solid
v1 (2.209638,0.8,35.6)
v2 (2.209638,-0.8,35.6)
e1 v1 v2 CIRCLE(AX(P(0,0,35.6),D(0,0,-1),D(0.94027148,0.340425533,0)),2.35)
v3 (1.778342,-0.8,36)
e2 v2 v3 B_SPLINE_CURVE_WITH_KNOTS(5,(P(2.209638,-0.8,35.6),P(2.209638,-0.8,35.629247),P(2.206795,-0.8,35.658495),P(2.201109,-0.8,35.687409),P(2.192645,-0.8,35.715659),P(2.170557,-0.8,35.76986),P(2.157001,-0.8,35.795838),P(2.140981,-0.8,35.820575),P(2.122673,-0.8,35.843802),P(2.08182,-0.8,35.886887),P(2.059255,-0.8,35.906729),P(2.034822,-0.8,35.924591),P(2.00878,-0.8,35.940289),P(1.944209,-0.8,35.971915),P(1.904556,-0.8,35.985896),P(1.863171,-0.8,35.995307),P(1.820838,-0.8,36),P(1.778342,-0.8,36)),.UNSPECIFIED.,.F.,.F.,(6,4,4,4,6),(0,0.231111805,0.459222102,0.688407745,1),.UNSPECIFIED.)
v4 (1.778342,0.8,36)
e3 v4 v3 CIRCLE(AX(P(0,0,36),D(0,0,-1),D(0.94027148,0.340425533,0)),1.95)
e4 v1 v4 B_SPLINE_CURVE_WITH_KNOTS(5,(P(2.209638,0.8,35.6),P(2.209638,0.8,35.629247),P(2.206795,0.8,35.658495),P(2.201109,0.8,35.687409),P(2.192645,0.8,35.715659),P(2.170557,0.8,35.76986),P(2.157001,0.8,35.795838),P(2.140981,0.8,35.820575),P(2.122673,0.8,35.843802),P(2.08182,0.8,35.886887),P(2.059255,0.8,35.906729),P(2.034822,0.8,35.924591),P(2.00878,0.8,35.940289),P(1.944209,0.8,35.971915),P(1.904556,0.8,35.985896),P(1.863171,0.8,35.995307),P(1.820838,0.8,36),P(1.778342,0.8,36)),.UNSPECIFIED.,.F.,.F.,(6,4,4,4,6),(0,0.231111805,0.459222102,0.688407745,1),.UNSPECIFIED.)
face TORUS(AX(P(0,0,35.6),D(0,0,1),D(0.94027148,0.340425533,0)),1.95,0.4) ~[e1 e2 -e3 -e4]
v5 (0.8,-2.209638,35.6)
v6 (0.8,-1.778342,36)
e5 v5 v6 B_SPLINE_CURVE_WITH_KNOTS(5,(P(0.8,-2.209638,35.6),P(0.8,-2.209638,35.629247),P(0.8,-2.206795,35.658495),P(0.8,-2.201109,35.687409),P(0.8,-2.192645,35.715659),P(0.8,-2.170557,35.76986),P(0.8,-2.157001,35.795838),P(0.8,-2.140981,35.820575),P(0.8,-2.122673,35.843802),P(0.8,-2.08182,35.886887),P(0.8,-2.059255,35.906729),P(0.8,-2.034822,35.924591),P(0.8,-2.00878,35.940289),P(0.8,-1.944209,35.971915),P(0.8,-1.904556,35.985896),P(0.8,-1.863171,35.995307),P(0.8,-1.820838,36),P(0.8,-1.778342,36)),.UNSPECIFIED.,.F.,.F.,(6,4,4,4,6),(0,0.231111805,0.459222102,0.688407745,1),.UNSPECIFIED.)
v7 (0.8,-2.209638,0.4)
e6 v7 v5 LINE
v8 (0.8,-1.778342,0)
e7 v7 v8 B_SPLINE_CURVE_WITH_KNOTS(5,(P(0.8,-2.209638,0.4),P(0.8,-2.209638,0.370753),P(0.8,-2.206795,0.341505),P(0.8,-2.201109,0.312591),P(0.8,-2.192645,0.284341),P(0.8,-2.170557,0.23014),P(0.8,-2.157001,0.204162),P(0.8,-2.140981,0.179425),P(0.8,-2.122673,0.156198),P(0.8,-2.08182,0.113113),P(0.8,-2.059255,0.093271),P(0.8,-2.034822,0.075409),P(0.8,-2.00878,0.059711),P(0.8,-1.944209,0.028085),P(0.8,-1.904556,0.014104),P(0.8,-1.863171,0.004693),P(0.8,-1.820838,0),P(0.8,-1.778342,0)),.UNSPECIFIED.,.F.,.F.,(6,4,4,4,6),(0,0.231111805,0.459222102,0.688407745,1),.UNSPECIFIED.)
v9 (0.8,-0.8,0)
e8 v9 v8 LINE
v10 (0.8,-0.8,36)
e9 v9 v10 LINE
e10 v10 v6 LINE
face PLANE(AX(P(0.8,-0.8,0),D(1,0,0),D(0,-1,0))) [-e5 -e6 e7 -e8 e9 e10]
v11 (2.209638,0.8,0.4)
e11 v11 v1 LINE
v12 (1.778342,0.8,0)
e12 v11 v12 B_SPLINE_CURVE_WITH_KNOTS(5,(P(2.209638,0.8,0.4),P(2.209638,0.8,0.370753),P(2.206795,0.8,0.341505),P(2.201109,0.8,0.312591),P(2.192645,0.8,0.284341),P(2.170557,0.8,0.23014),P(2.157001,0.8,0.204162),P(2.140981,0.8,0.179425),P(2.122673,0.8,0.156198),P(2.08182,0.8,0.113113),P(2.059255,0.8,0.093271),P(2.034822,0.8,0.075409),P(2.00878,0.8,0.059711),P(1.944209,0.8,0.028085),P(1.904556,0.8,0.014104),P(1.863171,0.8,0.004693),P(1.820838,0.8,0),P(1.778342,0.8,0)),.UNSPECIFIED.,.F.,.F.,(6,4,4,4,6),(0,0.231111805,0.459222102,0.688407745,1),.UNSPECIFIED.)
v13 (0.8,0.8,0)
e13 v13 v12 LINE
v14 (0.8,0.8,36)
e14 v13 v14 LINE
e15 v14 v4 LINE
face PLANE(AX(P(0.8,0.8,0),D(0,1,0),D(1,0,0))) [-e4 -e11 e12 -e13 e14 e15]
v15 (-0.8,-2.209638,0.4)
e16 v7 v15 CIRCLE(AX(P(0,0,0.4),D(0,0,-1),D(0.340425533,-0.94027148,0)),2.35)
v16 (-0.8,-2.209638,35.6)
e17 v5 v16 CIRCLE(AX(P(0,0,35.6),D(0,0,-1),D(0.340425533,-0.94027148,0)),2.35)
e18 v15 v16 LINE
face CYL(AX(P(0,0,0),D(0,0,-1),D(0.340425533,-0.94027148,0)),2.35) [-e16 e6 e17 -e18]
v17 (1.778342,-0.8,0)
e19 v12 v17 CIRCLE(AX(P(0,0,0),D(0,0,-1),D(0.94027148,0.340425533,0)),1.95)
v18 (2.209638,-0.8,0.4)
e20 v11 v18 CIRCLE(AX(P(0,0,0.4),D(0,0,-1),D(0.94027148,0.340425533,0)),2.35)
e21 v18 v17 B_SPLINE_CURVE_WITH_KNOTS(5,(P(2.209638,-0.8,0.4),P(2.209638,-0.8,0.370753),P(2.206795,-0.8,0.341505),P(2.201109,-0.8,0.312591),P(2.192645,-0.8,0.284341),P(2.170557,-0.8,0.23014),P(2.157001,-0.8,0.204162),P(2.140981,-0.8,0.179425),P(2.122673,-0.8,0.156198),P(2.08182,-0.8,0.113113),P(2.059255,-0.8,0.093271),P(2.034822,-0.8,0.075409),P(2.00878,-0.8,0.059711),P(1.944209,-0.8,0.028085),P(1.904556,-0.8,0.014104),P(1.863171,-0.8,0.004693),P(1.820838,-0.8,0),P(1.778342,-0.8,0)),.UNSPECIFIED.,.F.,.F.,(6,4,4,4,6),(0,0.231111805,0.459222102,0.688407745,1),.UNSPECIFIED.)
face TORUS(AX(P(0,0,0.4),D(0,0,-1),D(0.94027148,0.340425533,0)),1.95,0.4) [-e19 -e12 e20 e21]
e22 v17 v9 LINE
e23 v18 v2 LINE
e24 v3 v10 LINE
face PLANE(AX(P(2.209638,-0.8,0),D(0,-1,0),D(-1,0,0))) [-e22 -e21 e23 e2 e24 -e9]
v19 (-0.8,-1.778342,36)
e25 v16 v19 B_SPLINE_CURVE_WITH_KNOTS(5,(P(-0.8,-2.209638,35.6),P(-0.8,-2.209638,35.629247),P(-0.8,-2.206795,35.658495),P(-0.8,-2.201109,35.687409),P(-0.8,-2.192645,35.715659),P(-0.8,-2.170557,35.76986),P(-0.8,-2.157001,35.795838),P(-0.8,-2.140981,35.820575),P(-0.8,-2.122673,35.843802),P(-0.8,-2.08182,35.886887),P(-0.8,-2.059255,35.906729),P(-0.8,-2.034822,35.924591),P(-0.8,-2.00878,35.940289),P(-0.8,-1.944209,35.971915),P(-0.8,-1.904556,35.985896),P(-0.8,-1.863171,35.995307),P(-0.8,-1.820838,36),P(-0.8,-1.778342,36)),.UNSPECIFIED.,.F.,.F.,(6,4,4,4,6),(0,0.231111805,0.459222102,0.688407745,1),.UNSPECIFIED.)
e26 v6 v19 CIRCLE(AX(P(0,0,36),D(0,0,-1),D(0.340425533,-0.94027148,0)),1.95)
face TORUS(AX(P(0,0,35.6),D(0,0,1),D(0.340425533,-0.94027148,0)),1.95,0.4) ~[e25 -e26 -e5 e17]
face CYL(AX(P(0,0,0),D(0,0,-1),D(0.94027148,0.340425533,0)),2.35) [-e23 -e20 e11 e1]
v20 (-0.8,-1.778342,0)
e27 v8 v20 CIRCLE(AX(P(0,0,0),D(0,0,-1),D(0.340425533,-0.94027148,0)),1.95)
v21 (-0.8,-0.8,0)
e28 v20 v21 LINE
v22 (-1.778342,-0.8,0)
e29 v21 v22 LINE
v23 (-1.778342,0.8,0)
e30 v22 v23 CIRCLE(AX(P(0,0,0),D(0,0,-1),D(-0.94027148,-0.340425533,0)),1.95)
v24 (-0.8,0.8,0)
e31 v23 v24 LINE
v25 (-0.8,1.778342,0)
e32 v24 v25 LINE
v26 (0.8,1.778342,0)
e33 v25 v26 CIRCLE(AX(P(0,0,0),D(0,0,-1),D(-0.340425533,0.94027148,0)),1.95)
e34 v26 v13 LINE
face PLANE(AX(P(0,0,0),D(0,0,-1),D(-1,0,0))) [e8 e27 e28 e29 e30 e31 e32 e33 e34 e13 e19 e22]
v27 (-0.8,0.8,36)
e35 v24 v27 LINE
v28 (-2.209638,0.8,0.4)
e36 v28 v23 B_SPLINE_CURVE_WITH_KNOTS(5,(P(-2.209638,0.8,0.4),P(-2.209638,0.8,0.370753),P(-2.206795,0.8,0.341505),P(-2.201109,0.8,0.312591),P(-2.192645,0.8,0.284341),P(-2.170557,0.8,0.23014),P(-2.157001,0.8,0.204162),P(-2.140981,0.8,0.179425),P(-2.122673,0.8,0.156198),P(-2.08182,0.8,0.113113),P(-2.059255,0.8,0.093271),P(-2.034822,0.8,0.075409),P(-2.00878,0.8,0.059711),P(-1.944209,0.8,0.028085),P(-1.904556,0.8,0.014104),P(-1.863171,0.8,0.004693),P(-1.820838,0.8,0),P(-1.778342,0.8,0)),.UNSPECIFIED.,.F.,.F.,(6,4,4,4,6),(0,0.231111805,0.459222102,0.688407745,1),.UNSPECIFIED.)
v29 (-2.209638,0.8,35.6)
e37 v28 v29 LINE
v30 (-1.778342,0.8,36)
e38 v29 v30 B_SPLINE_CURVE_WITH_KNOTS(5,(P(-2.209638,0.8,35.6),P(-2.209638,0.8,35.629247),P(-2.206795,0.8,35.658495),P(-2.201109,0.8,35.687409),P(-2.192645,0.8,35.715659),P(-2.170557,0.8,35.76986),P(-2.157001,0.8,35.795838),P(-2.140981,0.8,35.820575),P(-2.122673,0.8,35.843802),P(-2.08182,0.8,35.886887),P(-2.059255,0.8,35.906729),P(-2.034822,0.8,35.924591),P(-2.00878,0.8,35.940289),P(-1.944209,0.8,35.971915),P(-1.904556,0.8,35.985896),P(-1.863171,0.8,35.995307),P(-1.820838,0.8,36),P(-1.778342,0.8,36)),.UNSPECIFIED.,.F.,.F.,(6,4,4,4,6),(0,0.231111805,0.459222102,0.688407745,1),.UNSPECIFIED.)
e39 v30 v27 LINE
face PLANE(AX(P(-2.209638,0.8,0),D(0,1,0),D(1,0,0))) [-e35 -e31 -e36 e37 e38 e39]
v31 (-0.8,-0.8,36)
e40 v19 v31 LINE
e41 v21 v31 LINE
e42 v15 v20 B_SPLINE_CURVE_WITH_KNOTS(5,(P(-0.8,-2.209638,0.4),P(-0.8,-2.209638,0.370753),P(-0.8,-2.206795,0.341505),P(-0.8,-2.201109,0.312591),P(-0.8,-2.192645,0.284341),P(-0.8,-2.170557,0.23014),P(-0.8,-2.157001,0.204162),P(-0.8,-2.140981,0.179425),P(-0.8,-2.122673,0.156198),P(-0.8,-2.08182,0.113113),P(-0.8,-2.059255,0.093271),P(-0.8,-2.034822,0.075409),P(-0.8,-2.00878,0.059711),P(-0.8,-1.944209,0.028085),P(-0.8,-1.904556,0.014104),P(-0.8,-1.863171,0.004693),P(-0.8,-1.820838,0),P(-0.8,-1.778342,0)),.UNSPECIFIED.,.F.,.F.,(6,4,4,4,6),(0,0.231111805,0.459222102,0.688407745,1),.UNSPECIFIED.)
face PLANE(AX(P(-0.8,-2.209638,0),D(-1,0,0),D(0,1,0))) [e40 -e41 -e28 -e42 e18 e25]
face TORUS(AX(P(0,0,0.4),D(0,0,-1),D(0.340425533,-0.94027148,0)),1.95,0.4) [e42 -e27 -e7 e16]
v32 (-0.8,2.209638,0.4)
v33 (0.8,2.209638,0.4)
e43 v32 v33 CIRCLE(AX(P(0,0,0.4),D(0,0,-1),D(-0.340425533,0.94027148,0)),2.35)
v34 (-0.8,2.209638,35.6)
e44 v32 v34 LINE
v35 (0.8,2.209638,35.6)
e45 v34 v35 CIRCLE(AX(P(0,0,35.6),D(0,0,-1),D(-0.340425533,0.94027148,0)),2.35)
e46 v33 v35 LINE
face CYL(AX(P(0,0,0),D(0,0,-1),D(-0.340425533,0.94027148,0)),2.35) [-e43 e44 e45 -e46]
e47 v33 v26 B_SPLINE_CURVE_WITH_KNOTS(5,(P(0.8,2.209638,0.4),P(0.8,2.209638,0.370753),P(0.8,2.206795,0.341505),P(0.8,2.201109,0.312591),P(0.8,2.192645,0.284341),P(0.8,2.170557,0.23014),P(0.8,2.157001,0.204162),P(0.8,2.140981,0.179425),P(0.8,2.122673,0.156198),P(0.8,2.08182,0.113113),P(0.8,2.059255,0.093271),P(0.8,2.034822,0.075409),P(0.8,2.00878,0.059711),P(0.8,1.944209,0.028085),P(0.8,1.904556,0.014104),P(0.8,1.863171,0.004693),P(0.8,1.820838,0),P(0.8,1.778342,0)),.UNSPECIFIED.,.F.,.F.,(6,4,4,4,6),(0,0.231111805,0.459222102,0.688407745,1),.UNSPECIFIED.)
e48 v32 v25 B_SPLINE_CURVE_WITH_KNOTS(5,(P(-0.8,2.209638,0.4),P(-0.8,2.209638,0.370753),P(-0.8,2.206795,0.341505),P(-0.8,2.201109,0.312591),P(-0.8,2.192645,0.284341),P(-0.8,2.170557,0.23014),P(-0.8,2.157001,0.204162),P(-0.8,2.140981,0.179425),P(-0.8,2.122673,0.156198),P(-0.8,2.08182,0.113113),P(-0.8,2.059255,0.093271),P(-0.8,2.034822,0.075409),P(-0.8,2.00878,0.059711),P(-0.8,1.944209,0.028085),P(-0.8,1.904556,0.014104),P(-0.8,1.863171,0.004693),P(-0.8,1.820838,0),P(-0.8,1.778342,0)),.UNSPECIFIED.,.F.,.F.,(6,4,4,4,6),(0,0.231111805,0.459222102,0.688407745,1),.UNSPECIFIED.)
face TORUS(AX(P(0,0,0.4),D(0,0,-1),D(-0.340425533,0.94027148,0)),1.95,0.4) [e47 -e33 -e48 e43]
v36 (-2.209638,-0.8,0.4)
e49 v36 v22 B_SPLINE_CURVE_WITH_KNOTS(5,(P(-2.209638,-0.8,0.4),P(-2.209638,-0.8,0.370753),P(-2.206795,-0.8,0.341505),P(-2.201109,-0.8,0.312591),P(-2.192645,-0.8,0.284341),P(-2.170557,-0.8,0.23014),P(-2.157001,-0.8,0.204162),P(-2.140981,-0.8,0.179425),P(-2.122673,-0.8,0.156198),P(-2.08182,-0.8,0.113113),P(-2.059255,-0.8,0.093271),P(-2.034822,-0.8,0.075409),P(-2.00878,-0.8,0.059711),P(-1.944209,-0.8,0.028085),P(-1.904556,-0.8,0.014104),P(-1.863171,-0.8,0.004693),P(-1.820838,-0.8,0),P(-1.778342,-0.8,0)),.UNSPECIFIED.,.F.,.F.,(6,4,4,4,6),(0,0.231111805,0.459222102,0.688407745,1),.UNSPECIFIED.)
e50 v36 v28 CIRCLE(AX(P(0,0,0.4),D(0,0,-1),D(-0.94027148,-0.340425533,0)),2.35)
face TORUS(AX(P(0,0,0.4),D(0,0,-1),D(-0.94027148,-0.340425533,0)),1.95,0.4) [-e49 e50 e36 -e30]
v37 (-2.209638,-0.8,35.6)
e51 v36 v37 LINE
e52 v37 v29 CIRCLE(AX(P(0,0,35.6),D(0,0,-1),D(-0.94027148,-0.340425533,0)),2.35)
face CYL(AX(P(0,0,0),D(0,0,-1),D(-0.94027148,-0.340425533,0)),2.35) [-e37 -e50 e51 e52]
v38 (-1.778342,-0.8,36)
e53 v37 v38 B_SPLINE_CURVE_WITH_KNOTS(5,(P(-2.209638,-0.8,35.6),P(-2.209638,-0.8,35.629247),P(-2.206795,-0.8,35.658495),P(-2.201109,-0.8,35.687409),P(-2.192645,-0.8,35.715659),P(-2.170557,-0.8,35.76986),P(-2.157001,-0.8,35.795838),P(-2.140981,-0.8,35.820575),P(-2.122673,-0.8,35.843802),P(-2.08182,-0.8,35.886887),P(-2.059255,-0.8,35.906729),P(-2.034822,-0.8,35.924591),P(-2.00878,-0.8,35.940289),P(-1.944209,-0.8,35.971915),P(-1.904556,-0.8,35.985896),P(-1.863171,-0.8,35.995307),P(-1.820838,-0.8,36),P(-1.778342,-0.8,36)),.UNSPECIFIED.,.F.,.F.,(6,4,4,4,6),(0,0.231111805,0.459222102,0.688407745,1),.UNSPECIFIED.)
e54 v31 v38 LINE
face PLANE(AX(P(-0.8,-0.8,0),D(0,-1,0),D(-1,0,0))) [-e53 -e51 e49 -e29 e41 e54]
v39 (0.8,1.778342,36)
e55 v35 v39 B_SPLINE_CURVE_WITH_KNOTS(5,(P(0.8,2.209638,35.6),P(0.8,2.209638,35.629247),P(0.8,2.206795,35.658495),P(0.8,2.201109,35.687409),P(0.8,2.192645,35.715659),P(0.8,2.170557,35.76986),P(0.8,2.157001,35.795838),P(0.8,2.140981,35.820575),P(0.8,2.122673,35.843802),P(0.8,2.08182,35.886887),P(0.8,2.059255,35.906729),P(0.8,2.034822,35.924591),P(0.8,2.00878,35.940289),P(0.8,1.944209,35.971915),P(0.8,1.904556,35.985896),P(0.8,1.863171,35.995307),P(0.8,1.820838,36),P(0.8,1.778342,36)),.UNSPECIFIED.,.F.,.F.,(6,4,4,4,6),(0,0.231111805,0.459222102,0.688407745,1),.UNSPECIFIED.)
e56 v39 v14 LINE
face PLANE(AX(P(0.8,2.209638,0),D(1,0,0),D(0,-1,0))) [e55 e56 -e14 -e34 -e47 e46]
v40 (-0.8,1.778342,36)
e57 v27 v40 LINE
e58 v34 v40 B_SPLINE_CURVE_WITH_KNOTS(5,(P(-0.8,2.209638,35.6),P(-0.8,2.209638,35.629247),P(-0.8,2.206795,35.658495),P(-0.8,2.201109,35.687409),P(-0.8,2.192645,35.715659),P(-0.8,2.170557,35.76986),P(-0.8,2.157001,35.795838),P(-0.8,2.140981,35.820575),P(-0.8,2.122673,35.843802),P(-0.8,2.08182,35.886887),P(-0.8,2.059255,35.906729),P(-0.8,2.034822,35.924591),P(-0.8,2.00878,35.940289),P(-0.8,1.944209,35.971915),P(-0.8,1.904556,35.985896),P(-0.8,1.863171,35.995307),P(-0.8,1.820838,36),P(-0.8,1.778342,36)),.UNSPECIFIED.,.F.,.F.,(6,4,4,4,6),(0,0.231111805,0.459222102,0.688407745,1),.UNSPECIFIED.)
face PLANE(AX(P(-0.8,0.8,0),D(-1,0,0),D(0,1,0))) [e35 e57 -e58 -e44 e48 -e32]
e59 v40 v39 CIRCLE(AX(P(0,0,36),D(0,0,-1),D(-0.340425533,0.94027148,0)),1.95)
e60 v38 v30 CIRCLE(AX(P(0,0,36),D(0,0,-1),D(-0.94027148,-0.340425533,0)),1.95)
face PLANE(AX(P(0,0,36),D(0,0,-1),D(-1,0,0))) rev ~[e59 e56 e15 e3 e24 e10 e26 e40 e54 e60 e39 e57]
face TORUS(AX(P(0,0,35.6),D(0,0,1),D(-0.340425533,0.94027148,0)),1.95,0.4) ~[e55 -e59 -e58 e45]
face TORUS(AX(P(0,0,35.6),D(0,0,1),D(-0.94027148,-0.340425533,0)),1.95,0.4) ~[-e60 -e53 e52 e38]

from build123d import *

# Parameters (mm, degrees)
SALIENTE_EXTRUIR1_DEPTH = 36
REDONDEO2_R             = 0.4


with BuildPart() as part:
    # Croquis1 → Saliente-Extruir1 (new body)
    with BuildSketch(Plane.XY):
        with BuildLine():
            Line((0.8, 2.209637979), (0.8, 0.8))
            Line((0.8, 0.8), (2.209637979, 0.8))
            ThreePointArc((2.209637979, 0.8), (2.35, 0), (2.209637979, -0.8))
            Line((2.209637979, -0.8), (0.8, -0.8))
            Line((0.8, -0.8), (0.8, -2.209637979))
            ThreePointArc((0.8, -2.209637979), (0, -2.35), (-0.8, -2.209637979))
            Line((-0.8, -2.209637979), (-0.8, -0.8))
            Line((-0.8, -0.8), (-2.209637979, -0.8))
            ThreePointArc((-2.209637979, -0.8), (-2.35, 0), (-2.209637979, 0.8))
            Line((-2.209637979, 0.8), (-0.8, 0.8))
            Line((-0.8, 0.8), (-0.8, 2.209637979))
            ThreePointArc((-0.8, 2.209637979), (0, 2.35), (0.8, 2.209637979))
        make_face()
    extrude(amount=SALIENTE_EXTRUIR1_DEPTH)

    # Redondeo2
    redondeo2_edges = [part.edges().sort_by_distance(p)[0] for p in [
        (2.35, 0, 0),
        (0, -2.35, 0),
        (-2.35, 0, 0),
        (0, 2.35, 0),
        (-2.35, 0, 36),
        (0, -2.35, 36),
        (2.35, 0, 36),
        (0, 2.35, 36),
    ]]
    fillet(redondeo2_edges, radius=REDONDEO2_R)


solid = part.part
